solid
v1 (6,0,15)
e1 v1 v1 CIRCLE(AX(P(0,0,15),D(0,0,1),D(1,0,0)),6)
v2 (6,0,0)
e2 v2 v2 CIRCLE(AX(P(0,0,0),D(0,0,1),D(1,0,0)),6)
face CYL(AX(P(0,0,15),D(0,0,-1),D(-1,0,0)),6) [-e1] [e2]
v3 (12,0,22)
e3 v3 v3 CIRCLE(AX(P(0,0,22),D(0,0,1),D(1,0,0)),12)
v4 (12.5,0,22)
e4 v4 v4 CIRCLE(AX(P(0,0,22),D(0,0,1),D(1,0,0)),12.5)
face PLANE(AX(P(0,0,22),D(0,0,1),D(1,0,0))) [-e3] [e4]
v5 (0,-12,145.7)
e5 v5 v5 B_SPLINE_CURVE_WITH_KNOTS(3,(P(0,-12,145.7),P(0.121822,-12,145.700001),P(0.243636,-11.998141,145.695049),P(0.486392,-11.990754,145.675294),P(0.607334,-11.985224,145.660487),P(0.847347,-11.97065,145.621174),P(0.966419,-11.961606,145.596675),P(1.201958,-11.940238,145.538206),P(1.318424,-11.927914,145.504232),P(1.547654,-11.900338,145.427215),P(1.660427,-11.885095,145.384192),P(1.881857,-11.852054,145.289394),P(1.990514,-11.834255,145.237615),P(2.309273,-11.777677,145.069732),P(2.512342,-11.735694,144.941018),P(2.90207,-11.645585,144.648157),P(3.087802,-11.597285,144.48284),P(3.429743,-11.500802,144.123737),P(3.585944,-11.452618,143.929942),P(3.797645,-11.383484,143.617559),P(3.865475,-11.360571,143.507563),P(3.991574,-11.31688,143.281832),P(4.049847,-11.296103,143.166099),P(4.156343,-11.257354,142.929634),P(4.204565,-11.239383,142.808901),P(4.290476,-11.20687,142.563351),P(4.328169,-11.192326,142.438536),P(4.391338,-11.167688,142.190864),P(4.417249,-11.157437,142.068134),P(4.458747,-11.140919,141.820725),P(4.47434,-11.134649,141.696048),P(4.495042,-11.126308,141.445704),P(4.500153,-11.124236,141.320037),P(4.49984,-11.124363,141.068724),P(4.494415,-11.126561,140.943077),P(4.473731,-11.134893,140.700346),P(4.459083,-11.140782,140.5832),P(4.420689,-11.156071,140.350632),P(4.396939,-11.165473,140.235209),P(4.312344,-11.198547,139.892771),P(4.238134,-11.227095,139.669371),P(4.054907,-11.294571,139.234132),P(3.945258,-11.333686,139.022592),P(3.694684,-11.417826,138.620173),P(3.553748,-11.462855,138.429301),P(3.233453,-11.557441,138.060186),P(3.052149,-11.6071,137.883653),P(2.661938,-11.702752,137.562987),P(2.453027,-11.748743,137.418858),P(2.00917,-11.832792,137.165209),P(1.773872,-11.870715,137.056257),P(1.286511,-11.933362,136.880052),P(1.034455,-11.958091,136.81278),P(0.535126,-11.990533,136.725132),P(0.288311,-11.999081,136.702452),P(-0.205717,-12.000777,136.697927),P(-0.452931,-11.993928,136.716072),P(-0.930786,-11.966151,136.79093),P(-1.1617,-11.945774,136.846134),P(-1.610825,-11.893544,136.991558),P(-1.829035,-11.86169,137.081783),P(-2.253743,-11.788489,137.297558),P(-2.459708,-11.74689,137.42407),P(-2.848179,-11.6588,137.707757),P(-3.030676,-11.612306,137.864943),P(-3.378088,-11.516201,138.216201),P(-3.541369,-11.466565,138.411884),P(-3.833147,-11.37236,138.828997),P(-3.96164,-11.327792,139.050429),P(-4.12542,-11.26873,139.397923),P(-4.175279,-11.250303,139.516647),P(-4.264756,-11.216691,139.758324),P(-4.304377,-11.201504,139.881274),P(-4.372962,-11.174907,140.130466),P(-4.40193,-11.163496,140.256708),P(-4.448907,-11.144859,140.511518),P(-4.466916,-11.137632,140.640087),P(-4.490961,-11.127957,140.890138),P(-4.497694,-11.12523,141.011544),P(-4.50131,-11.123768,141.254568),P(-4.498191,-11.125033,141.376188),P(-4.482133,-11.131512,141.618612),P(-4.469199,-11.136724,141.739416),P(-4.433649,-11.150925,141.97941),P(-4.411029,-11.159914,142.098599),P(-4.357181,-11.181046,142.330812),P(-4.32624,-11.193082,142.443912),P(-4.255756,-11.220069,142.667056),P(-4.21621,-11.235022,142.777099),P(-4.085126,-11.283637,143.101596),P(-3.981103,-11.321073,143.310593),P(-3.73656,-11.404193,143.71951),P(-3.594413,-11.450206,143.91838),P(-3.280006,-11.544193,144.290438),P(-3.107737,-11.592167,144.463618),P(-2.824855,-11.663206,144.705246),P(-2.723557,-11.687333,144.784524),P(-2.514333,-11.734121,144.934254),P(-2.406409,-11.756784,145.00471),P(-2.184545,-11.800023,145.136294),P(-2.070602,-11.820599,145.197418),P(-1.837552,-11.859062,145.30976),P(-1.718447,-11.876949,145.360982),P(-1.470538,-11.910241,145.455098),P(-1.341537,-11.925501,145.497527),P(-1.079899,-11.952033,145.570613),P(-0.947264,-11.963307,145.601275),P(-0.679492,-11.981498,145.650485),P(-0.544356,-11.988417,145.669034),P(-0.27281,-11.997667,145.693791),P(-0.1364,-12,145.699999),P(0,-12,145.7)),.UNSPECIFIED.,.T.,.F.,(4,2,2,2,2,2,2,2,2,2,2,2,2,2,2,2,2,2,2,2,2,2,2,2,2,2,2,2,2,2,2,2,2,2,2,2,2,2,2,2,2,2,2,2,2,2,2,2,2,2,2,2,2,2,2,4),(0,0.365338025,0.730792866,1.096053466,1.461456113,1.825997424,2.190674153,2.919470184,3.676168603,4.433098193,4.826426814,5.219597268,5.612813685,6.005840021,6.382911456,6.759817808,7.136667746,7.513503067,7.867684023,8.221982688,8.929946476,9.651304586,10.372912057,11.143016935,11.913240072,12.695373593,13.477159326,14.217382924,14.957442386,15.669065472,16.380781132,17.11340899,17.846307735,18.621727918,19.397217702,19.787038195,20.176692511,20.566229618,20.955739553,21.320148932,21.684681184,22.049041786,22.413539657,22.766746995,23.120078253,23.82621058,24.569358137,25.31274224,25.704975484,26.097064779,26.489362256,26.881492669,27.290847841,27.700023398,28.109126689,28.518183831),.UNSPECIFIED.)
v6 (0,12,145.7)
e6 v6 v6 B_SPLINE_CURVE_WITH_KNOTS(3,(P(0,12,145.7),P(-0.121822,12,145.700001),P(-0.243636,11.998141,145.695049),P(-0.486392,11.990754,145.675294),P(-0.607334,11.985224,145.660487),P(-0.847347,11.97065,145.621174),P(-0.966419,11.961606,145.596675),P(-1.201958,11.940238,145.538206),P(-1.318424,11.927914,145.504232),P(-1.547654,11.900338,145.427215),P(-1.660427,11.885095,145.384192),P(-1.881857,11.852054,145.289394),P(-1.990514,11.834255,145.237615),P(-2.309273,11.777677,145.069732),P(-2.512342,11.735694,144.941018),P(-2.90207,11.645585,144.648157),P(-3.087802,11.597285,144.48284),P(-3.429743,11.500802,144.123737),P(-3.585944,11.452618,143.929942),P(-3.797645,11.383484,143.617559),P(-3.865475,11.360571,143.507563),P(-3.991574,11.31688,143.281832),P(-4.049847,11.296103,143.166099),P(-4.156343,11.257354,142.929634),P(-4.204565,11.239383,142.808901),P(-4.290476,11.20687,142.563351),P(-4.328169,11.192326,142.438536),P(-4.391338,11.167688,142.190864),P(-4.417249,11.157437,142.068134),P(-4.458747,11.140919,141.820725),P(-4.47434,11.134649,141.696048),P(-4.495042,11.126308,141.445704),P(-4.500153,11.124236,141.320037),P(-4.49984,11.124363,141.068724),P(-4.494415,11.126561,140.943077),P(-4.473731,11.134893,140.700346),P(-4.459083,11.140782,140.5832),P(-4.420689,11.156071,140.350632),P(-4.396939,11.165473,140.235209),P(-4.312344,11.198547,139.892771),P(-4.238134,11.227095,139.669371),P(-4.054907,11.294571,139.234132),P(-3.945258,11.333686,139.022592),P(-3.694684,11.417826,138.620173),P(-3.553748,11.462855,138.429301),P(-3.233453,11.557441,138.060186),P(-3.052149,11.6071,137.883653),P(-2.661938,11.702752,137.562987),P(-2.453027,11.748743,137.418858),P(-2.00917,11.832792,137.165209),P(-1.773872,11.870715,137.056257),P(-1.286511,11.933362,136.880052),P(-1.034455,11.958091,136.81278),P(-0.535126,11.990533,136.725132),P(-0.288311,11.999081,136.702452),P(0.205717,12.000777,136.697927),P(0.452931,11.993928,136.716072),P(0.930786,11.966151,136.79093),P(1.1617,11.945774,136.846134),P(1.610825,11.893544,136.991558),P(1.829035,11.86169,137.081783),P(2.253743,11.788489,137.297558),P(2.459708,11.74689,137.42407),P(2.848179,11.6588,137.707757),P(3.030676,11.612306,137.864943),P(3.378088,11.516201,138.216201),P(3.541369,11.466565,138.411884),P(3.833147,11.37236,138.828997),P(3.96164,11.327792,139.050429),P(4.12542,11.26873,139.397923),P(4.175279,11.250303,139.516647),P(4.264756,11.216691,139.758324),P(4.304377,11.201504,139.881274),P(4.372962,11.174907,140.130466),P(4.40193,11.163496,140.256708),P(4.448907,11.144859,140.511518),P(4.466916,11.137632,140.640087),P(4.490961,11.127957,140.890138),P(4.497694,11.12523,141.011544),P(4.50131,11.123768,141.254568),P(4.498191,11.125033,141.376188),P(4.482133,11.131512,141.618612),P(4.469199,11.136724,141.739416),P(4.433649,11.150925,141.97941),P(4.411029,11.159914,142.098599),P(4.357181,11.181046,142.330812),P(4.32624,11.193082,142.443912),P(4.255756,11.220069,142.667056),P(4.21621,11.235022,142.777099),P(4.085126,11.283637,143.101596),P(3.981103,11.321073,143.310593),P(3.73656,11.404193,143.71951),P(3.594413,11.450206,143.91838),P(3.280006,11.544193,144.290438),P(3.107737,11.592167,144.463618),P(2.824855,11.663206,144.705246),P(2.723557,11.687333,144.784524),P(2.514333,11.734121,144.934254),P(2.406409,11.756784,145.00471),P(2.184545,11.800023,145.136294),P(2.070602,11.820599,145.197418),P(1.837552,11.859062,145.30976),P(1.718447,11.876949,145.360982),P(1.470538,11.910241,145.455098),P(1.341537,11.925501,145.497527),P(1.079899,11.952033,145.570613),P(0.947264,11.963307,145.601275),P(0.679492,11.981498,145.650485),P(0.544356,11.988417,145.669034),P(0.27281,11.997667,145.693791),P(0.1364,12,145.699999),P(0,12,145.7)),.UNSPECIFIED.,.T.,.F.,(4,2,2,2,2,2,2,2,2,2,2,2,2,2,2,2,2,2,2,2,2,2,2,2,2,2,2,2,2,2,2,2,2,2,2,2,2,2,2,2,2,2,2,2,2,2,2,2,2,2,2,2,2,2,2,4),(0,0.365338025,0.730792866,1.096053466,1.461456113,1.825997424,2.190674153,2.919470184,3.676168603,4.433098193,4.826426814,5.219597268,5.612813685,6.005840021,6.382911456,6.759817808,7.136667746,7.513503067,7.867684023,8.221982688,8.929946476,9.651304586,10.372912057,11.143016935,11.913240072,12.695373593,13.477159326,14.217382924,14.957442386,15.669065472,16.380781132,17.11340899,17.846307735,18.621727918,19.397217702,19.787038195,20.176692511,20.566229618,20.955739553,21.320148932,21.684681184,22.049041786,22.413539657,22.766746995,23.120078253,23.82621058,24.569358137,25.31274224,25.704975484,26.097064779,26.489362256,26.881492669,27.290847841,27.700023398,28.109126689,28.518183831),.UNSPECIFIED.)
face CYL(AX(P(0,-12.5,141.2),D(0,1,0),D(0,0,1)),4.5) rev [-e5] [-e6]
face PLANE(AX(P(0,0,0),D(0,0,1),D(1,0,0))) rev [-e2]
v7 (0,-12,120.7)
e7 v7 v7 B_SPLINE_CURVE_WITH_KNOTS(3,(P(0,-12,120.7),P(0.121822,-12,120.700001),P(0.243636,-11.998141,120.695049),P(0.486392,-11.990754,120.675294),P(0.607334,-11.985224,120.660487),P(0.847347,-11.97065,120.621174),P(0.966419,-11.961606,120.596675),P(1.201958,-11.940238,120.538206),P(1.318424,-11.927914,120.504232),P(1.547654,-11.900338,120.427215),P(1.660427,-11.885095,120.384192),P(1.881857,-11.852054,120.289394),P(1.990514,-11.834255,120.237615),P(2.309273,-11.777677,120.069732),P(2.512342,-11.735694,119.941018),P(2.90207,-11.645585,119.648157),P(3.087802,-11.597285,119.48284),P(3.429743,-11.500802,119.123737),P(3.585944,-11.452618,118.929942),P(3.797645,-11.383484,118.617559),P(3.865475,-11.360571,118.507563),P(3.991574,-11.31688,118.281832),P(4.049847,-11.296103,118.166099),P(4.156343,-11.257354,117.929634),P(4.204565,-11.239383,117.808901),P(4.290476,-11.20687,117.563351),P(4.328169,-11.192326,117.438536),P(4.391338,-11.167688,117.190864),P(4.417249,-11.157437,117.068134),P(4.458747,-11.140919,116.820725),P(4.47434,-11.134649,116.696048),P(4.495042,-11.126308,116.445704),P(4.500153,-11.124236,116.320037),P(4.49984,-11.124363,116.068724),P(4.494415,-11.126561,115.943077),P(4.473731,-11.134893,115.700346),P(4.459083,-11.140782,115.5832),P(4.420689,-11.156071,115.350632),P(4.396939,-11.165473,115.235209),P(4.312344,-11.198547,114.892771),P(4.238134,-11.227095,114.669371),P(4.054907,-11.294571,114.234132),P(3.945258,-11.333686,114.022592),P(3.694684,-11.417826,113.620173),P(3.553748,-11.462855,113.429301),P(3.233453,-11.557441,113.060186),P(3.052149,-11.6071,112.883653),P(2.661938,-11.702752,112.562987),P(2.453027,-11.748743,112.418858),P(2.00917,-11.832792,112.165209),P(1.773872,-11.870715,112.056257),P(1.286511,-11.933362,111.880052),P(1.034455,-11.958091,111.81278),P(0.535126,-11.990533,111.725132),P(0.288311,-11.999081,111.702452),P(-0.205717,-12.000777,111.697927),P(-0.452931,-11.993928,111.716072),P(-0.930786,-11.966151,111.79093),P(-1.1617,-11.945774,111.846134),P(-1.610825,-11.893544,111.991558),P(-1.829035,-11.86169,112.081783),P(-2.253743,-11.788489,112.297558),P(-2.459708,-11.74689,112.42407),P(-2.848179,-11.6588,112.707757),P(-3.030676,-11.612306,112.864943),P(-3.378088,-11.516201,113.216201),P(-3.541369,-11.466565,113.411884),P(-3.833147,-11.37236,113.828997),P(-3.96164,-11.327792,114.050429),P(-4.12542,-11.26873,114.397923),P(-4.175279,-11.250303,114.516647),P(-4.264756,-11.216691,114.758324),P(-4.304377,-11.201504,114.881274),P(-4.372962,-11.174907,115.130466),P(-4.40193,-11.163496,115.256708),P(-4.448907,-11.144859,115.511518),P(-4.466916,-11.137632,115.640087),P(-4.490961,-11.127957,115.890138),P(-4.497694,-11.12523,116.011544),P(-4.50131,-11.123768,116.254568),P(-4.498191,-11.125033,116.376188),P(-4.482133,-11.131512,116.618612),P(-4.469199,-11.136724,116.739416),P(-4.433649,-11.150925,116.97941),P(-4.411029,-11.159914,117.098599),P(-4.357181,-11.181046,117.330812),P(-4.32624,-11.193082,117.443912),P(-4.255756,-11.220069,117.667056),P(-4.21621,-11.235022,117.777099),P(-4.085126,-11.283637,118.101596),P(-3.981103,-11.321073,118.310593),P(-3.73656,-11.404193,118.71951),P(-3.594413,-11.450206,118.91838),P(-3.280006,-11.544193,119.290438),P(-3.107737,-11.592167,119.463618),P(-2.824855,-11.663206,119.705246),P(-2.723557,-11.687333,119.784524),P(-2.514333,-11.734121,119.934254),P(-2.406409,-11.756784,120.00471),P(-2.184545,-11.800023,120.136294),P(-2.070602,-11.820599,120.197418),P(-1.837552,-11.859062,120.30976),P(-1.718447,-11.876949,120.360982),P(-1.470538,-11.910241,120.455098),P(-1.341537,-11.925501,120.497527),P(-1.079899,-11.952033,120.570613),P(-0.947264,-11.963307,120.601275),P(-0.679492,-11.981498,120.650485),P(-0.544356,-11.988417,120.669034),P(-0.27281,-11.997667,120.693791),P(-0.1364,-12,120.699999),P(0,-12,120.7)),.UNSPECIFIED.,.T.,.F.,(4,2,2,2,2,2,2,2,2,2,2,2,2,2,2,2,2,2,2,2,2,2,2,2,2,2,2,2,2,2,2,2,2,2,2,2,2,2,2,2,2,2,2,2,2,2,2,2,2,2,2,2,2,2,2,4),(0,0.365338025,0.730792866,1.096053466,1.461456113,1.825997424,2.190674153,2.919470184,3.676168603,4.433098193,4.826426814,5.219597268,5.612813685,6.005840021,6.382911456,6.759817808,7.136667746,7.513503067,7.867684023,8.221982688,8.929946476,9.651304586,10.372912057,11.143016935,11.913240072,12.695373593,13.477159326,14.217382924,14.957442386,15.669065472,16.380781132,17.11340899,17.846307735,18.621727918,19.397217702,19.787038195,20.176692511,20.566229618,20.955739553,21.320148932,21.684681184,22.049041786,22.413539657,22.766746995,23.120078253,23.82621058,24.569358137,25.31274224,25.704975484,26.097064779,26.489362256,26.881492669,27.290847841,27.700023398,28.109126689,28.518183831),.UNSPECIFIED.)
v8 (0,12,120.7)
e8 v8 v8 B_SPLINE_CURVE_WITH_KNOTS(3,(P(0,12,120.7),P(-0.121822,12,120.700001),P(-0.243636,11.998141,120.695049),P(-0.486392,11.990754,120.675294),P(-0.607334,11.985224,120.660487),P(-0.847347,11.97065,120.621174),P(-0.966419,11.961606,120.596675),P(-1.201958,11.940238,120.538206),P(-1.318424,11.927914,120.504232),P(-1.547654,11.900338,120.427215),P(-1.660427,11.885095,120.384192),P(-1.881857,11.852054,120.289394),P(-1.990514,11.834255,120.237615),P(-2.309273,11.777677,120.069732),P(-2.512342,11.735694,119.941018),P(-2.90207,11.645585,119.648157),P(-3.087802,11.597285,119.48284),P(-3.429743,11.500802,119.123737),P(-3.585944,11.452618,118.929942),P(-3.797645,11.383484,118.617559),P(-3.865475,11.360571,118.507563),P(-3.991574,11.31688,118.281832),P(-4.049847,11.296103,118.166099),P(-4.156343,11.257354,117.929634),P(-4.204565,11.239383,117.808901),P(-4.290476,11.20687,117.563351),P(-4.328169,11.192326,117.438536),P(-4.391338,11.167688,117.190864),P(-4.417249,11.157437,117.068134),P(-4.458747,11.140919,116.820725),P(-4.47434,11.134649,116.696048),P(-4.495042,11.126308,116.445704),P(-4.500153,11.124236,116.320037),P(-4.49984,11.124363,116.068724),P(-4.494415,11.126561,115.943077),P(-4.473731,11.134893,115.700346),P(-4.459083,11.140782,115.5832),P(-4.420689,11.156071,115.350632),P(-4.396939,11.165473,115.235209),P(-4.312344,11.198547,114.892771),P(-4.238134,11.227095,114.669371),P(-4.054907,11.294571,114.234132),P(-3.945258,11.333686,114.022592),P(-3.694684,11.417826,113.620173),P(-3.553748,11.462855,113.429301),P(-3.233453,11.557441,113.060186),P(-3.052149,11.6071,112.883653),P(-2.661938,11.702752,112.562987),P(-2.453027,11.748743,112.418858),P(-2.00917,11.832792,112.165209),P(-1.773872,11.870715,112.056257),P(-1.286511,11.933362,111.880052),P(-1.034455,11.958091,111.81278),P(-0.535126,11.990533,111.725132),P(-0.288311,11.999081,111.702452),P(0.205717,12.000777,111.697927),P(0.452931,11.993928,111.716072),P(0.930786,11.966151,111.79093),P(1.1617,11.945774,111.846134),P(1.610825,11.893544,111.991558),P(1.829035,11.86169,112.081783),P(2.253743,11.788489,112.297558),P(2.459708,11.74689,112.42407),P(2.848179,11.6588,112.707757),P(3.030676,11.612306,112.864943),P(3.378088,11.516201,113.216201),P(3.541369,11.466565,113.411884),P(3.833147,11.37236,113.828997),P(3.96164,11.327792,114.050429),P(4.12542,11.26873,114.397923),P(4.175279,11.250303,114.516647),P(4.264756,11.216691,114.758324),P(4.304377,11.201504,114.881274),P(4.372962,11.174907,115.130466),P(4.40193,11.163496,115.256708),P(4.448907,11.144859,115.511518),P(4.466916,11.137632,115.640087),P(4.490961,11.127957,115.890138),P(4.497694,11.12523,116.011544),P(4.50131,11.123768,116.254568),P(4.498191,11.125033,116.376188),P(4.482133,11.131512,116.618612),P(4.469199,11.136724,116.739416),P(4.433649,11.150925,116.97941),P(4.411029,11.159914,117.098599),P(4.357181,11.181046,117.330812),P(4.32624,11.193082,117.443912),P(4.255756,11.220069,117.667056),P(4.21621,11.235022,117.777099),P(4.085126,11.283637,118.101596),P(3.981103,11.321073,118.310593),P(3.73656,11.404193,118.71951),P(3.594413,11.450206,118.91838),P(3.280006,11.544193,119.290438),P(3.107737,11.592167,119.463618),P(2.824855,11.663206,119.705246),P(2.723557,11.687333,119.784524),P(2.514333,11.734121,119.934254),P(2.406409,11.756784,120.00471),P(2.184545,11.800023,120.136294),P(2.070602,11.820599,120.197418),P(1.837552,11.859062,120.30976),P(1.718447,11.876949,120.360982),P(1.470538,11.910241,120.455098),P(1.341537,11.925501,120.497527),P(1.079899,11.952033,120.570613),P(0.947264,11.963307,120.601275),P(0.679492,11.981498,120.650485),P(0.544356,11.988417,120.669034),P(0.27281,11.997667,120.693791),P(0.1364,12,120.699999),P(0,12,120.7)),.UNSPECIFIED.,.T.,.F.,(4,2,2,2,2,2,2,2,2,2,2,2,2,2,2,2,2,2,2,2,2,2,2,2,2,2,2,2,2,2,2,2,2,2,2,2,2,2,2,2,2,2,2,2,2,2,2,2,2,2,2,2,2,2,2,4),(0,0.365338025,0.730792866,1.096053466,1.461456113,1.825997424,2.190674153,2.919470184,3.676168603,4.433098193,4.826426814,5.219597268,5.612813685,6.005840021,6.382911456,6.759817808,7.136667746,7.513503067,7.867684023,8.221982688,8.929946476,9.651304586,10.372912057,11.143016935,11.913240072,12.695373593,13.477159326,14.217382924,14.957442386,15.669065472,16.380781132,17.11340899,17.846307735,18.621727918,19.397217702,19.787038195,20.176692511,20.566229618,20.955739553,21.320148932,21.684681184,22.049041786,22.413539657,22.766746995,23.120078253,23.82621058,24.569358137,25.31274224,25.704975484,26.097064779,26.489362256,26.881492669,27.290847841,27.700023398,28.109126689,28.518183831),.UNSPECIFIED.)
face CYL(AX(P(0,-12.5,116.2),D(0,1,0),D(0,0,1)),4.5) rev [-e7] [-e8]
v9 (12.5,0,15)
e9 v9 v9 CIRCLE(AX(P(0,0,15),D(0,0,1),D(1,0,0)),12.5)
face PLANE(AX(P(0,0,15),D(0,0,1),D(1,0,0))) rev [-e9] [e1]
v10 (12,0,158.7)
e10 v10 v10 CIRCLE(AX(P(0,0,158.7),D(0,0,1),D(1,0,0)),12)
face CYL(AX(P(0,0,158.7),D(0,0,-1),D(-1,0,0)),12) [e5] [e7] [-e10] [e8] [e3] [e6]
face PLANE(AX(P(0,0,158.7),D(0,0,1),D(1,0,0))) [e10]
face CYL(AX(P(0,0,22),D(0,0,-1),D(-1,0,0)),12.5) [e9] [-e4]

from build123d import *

# Parameters (mm, degrees)
SKETCH1_R           = 6
BOSS_EXTRUDE1_DEPTH = 15
SKETCH2_R           = 12.5
BOSS_EXTRUDE2_DEPTH = 7
SKETCH3_R           = 12
BOSS_EXTRUDE3_DEPTH = 136.7
SKETCH4_R           = 4.5
CUT_EXTRUDE1_DEPTH  = 160.681526796
LPATTERN1_COUNT     = 2
LPATTERN1_PITCH     = 25


with BuildPart() as part:
    # Sketch1 → Boss-Extrude1 (new body)
    with BuildSketch(Plane.XY):
        Circle(SKETCH1_R)
    extrude(amount=BOSS_EXTRUDE1_DEPTH)

    # Sketch2 → Boss-Extrude2 (add)
    with BuildSketch(Plane.XY.offset(15)):
        Circle(SKETCH2_R)
    extrude(amount=BOSS_EXTRUDE2_DEPTH)

    # Sketch3 → Boss-Extrude3 (add)
    with BuildSketch(Plane.XY.offset(22)):
        Circle(SKETCH3_R)
    extrude(amount=BOSS_EXTRUDE3_DEPTH)

    # Sketch4 → Cut-Extrude1 (cut, symmetric)
    with BuildSketch(Plane(origin=(0, 0, 0), x_dir=(1, 0, 0), z_dir=(0, 1, 0))):
        with Locations(Location((0, -141.2, 0), (0, 0, 270))):
            Circle(SKETCH4_R)
    cut_extrude1 = extrude(amount=CUT_EXTRUDE1_DEPTH, both=True, mode=Mode.SUBTRACT)

    # LPattern1: Cut-Extrude1 ×2
    with Locations(*[(0, 0, -i * LPATTERN1_PITCH) for i in range(1, LPATTERN1_COUNT)]):
        add(cut_extrude1, mode=Mode.SUBTRACT)


solid = part.part
